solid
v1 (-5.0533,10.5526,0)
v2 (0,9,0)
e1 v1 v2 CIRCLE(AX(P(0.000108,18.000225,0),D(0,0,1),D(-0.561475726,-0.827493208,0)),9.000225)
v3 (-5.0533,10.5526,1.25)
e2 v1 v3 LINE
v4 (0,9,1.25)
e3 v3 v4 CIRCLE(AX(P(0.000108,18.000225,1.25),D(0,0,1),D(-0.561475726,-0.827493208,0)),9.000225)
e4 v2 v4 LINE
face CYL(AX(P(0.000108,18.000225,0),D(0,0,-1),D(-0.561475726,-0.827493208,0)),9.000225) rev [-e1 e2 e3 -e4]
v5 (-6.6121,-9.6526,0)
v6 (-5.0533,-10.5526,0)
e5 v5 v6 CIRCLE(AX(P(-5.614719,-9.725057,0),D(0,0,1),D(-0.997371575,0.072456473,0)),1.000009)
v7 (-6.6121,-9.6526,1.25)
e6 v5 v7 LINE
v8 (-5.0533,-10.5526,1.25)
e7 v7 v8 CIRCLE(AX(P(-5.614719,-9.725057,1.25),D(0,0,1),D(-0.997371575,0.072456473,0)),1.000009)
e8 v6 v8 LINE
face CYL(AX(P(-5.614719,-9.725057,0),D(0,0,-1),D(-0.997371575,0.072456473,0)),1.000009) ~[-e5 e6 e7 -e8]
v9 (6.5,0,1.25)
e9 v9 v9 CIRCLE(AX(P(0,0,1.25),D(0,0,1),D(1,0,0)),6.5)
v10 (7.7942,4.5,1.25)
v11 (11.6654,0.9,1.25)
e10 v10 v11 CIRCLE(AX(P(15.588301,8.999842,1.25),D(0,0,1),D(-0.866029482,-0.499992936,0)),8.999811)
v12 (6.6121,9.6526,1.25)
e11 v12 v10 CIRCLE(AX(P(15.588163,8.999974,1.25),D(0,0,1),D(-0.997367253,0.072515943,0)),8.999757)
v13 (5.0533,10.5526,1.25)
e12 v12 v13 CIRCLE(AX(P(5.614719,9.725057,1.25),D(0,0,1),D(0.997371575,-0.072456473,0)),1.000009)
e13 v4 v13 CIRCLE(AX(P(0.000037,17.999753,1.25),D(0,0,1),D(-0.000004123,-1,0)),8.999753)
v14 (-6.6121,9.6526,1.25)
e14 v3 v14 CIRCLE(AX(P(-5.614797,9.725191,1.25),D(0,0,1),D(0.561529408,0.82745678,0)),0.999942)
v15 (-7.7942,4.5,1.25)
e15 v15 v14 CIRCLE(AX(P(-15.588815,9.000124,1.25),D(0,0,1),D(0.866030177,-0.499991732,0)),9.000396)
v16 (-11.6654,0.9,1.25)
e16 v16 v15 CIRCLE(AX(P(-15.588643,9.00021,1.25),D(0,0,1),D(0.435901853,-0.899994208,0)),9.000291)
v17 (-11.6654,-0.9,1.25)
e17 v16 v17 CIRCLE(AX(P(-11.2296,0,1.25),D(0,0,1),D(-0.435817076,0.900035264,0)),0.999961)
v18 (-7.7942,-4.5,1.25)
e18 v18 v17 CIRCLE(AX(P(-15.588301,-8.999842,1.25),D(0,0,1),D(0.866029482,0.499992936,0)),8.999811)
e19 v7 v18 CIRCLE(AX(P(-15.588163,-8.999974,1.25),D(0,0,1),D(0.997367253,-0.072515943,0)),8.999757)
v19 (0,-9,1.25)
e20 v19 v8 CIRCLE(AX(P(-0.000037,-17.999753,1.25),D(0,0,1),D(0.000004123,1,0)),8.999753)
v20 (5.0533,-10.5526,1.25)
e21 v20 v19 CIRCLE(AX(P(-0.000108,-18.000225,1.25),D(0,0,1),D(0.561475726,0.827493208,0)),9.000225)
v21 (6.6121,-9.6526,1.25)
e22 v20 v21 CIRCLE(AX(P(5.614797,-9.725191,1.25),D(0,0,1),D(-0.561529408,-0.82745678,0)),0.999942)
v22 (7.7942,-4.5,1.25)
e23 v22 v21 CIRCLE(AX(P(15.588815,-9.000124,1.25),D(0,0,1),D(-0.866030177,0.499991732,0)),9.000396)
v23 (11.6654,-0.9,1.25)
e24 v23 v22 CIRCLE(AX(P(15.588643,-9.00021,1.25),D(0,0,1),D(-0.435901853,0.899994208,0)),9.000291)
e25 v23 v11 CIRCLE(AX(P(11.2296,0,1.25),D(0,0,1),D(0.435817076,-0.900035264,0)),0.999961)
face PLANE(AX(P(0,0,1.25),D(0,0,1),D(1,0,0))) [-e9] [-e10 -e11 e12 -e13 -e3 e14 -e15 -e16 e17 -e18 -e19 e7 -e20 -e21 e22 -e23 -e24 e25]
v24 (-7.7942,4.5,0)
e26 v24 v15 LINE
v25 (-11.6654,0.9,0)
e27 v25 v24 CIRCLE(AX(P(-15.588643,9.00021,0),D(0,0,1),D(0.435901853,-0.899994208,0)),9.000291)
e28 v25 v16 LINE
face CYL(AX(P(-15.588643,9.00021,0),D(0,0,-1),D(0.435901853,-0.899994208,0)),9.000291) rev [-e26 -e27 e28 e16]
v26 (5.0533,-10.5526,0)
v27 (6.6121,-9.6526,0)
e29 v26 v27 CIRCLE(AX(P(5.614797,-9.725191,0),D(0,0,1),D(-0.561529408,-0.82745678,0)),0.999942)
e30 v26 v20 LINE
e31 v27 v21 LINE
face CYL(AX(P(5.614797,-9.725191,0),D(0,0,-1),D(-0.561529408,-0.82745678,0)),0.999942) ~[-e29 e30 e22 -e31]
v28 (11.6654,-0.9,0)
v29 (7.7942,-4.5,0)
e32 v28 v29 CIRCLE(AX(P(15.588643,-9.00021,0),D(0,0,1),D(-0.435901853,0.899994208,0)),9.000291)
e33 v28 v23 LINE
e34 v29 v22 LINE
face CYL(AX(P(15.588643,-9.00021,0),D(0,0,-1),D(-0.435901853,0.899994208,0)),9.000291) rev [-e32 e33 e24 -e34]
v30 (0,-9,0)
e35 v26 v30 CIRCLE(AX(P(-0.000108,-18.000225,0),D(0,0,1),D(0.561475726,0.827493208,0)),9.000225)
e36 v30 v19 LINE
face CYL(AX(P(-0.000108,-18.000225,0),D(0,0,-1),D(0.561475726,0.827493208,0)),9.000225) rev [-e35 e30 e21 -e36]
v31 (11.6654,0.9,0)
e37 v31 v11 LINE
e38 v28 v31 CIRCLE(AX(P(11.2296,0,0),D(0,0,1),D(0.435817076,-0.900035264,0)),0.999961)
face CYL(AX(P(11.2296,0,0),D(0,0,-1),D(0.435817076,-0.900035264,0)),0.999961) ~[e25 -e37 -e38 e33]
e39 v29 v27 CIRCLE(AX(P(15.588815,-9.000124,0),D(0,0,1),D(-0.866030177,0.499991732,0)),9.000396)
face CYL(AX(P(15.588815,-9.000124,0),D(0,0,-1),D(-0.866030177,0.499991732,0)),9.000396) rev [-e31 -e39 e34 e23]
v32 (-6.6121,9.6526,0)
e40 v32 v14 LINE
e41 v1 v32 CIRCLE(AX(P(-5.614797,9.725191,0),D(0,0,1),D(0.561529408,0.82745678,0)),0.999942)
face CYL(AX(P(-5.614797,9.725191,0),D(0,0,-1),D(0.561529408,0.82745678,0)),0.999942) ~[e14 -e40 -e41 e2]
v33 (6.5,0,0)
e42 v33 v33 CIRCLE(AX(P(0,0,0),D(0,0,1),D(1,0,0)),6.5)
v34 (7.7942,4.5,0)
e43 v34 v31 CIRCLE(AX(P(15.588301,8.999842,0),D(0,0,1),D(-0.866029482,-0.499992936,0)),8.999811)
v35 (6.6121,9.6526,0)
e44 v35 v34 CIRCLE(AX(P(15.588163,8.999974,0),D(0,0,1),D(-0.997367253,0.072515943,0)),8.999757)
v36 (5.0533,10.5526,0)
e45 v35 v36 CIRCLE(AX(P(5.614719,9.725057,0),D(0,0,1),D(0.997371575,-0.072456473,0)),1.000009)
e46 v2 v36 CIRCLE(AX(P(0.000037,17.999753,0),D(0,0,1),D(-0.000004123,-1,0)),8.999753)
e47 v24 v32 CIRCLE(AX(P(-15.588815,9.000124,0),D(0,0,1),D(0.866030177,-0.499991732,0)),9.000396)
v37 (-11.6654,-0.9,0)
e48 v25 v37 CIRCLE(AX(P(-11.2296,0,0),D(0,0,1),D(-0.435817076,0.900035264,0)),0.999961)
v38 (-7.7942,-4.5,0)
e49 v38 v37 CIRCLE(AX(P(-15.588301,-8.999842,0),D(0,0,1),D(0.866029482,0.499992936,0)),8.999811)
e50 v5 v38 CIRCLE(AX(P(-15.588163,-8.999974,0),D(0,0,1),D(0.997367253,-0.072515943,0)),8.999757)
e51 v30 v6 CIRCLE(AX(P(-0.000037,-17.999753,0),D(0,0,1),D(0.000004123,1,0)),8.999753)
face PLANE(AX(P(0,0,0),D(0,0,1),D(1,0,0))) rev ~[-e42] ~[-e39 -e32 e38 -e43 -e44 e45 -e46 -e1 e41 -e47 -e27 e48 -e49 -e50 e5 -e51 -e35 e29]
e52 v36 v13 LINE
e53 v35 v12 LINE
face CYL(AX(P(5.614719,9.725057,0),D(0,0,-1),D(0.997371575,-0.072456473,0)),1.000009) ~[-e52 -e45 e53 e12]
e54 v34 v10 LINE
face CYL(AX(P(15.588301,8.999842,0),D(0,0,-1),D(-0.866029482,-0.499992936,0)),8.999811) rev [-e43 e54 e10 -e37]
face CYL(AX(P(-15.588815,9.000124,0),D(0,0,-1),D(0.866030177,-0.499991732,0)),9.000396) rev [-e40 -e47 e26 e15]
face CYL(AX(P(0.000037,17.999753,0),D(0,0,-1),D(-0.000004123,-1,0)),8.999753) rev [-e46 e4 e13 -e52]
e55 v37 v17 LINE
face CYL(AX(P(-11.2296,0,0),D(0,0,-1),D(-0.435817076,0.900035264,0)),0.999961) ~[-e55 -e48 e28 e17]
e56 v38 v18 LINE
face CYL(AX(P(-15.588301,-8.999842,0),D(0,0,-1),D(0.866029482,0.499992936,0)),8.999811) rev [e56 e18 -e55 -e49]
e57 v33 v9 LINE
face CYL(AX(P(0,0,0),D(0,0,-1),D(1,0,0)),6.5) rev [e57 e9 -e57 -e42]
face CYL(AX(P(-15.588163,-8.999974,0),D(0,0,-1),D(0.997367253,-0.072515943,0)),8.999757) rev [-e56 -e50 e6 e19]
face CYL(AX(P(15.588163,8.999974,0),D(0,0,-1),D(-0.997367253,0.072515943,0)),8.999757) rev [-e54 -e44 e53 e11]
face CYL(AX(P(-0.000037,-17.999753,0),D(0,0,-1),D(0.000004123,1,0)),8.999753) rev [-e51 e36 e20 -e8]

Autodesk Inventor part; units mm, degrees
ref_plane "YZ Plane" through (0, 0, 0) normal (1, 0, 0) x (0, 1, 0)
ref_plane "XZ Plane" through (0, 0, 0) normal (0, 1, 0) x (-1, 0, 0)
sketch "Sketch1" plane through (0, 0, 0) normal (0, 0, 1) x (1, 0, 0)
  arc A0 (0, 9) -> (-7.7942, 4.5) centre (0, 0) ccw projected
  arc A1 (-5.0533, 10.5526) -> (0, 9) centre (0, 18) ccw projected
  arc A2 (-5.0533, 10.5526) -> (-6.6121, 9.6526) centre (-5.6148, 9.7251) ccw projected
  arc A3 (-7.7942, 4.5) -> (-6.6121, 9.6526) centre (-15.5885, 9) ccw projected
  arc A4 (7.7942, 4.5) -> (0, 9) centre (0, 0) ccw projected
  arc A5 (6.6121, 9.6526) -> (7.7942, 4.5) centre (15.5885, 9) ccw projected
  arc A6 (6.6121, 9.6526) -> (5.0533, 10.5526) centre (5.6148, 9.7251) ccw projected
  arc A7 (0, 9) -> (5.0533, 10.5526) centre (0, 18) ccw projected
  arc A8 (7.7942, -4.5) -> (7.7942, 4.5) centre (0, 0) ccw projected
  arc A9 (11.6654, -0.9) -> (7.7942, -4.5) centre (15.5885, -9) ccw projected
  arc A10 (11.6654, -0.9) -> (11.6654, 0.9) centre (11.2296, 0) ccw projected
  arc A11 (7.7942, 4.5) -> (11.6654, 0.9) centre (15.5885, 9) ccw projected
  arc A12 (0, -9) -> (7.7942, -4.5) centre (0, 0) ccw projected
  arc A13 (5.0533, -10.5526) -> (0, -9) centre (0, -18) ccw projected
  arc A14 (5.0533, -10.5526) -> (6.6121, -9.6526) centre (5.6148, -9.7251) ccw projected
  arc A15 (7.7942, -4.5) -> (6.6121, -9.6526) centre (15.5885, -9) ccw projected
  arc A16 (-7.7942, -4.5) -> (0, -9) centre (0, 0) ccw projected
  arc A17 (-6.6121, -9.6526) -> (-7.7942, -4.5) centre (-15.5885, -9) ccw projected
  arc A18 (-6.6121, -9.6526) -> (-5.0533, -10.5526) centre (-5.6148, -9.7251) ccw projected
  arc A19 (0, -9) -> (-5.0533, -10.5526) centre (0, -18) ccw projected
  arc A20 (-7.7942, 4.5) -> (-7.7942, -4.5) centre (0, 0) ccw projected
  arc A21 (-11.6654, 0.9) -> (-7.7942, 4.5) centre (-15.5885, 9) ccw projected
  arc A22 (-11.6654, 0.9) -> (-11.6654, -0.9) centre (-11.2296, 0) ccw projected
  arc A23 (-7.7942, -4.5) -> (-11.6654, -0.9) centre (-15.5885, -9) ccw projected
  circle A24 centre (0, 0) radius 6.5
  point P0 (0, 0)
ref_plane "Work Plane1" through (-9, -9, 1.25) normal (0, 0, 1) x (1, 0, 0)
extrude "Extrusion1" add sketch "Sketch1" along normal up to surface (1.25 mm away)
properties part number "piece-fixer"
